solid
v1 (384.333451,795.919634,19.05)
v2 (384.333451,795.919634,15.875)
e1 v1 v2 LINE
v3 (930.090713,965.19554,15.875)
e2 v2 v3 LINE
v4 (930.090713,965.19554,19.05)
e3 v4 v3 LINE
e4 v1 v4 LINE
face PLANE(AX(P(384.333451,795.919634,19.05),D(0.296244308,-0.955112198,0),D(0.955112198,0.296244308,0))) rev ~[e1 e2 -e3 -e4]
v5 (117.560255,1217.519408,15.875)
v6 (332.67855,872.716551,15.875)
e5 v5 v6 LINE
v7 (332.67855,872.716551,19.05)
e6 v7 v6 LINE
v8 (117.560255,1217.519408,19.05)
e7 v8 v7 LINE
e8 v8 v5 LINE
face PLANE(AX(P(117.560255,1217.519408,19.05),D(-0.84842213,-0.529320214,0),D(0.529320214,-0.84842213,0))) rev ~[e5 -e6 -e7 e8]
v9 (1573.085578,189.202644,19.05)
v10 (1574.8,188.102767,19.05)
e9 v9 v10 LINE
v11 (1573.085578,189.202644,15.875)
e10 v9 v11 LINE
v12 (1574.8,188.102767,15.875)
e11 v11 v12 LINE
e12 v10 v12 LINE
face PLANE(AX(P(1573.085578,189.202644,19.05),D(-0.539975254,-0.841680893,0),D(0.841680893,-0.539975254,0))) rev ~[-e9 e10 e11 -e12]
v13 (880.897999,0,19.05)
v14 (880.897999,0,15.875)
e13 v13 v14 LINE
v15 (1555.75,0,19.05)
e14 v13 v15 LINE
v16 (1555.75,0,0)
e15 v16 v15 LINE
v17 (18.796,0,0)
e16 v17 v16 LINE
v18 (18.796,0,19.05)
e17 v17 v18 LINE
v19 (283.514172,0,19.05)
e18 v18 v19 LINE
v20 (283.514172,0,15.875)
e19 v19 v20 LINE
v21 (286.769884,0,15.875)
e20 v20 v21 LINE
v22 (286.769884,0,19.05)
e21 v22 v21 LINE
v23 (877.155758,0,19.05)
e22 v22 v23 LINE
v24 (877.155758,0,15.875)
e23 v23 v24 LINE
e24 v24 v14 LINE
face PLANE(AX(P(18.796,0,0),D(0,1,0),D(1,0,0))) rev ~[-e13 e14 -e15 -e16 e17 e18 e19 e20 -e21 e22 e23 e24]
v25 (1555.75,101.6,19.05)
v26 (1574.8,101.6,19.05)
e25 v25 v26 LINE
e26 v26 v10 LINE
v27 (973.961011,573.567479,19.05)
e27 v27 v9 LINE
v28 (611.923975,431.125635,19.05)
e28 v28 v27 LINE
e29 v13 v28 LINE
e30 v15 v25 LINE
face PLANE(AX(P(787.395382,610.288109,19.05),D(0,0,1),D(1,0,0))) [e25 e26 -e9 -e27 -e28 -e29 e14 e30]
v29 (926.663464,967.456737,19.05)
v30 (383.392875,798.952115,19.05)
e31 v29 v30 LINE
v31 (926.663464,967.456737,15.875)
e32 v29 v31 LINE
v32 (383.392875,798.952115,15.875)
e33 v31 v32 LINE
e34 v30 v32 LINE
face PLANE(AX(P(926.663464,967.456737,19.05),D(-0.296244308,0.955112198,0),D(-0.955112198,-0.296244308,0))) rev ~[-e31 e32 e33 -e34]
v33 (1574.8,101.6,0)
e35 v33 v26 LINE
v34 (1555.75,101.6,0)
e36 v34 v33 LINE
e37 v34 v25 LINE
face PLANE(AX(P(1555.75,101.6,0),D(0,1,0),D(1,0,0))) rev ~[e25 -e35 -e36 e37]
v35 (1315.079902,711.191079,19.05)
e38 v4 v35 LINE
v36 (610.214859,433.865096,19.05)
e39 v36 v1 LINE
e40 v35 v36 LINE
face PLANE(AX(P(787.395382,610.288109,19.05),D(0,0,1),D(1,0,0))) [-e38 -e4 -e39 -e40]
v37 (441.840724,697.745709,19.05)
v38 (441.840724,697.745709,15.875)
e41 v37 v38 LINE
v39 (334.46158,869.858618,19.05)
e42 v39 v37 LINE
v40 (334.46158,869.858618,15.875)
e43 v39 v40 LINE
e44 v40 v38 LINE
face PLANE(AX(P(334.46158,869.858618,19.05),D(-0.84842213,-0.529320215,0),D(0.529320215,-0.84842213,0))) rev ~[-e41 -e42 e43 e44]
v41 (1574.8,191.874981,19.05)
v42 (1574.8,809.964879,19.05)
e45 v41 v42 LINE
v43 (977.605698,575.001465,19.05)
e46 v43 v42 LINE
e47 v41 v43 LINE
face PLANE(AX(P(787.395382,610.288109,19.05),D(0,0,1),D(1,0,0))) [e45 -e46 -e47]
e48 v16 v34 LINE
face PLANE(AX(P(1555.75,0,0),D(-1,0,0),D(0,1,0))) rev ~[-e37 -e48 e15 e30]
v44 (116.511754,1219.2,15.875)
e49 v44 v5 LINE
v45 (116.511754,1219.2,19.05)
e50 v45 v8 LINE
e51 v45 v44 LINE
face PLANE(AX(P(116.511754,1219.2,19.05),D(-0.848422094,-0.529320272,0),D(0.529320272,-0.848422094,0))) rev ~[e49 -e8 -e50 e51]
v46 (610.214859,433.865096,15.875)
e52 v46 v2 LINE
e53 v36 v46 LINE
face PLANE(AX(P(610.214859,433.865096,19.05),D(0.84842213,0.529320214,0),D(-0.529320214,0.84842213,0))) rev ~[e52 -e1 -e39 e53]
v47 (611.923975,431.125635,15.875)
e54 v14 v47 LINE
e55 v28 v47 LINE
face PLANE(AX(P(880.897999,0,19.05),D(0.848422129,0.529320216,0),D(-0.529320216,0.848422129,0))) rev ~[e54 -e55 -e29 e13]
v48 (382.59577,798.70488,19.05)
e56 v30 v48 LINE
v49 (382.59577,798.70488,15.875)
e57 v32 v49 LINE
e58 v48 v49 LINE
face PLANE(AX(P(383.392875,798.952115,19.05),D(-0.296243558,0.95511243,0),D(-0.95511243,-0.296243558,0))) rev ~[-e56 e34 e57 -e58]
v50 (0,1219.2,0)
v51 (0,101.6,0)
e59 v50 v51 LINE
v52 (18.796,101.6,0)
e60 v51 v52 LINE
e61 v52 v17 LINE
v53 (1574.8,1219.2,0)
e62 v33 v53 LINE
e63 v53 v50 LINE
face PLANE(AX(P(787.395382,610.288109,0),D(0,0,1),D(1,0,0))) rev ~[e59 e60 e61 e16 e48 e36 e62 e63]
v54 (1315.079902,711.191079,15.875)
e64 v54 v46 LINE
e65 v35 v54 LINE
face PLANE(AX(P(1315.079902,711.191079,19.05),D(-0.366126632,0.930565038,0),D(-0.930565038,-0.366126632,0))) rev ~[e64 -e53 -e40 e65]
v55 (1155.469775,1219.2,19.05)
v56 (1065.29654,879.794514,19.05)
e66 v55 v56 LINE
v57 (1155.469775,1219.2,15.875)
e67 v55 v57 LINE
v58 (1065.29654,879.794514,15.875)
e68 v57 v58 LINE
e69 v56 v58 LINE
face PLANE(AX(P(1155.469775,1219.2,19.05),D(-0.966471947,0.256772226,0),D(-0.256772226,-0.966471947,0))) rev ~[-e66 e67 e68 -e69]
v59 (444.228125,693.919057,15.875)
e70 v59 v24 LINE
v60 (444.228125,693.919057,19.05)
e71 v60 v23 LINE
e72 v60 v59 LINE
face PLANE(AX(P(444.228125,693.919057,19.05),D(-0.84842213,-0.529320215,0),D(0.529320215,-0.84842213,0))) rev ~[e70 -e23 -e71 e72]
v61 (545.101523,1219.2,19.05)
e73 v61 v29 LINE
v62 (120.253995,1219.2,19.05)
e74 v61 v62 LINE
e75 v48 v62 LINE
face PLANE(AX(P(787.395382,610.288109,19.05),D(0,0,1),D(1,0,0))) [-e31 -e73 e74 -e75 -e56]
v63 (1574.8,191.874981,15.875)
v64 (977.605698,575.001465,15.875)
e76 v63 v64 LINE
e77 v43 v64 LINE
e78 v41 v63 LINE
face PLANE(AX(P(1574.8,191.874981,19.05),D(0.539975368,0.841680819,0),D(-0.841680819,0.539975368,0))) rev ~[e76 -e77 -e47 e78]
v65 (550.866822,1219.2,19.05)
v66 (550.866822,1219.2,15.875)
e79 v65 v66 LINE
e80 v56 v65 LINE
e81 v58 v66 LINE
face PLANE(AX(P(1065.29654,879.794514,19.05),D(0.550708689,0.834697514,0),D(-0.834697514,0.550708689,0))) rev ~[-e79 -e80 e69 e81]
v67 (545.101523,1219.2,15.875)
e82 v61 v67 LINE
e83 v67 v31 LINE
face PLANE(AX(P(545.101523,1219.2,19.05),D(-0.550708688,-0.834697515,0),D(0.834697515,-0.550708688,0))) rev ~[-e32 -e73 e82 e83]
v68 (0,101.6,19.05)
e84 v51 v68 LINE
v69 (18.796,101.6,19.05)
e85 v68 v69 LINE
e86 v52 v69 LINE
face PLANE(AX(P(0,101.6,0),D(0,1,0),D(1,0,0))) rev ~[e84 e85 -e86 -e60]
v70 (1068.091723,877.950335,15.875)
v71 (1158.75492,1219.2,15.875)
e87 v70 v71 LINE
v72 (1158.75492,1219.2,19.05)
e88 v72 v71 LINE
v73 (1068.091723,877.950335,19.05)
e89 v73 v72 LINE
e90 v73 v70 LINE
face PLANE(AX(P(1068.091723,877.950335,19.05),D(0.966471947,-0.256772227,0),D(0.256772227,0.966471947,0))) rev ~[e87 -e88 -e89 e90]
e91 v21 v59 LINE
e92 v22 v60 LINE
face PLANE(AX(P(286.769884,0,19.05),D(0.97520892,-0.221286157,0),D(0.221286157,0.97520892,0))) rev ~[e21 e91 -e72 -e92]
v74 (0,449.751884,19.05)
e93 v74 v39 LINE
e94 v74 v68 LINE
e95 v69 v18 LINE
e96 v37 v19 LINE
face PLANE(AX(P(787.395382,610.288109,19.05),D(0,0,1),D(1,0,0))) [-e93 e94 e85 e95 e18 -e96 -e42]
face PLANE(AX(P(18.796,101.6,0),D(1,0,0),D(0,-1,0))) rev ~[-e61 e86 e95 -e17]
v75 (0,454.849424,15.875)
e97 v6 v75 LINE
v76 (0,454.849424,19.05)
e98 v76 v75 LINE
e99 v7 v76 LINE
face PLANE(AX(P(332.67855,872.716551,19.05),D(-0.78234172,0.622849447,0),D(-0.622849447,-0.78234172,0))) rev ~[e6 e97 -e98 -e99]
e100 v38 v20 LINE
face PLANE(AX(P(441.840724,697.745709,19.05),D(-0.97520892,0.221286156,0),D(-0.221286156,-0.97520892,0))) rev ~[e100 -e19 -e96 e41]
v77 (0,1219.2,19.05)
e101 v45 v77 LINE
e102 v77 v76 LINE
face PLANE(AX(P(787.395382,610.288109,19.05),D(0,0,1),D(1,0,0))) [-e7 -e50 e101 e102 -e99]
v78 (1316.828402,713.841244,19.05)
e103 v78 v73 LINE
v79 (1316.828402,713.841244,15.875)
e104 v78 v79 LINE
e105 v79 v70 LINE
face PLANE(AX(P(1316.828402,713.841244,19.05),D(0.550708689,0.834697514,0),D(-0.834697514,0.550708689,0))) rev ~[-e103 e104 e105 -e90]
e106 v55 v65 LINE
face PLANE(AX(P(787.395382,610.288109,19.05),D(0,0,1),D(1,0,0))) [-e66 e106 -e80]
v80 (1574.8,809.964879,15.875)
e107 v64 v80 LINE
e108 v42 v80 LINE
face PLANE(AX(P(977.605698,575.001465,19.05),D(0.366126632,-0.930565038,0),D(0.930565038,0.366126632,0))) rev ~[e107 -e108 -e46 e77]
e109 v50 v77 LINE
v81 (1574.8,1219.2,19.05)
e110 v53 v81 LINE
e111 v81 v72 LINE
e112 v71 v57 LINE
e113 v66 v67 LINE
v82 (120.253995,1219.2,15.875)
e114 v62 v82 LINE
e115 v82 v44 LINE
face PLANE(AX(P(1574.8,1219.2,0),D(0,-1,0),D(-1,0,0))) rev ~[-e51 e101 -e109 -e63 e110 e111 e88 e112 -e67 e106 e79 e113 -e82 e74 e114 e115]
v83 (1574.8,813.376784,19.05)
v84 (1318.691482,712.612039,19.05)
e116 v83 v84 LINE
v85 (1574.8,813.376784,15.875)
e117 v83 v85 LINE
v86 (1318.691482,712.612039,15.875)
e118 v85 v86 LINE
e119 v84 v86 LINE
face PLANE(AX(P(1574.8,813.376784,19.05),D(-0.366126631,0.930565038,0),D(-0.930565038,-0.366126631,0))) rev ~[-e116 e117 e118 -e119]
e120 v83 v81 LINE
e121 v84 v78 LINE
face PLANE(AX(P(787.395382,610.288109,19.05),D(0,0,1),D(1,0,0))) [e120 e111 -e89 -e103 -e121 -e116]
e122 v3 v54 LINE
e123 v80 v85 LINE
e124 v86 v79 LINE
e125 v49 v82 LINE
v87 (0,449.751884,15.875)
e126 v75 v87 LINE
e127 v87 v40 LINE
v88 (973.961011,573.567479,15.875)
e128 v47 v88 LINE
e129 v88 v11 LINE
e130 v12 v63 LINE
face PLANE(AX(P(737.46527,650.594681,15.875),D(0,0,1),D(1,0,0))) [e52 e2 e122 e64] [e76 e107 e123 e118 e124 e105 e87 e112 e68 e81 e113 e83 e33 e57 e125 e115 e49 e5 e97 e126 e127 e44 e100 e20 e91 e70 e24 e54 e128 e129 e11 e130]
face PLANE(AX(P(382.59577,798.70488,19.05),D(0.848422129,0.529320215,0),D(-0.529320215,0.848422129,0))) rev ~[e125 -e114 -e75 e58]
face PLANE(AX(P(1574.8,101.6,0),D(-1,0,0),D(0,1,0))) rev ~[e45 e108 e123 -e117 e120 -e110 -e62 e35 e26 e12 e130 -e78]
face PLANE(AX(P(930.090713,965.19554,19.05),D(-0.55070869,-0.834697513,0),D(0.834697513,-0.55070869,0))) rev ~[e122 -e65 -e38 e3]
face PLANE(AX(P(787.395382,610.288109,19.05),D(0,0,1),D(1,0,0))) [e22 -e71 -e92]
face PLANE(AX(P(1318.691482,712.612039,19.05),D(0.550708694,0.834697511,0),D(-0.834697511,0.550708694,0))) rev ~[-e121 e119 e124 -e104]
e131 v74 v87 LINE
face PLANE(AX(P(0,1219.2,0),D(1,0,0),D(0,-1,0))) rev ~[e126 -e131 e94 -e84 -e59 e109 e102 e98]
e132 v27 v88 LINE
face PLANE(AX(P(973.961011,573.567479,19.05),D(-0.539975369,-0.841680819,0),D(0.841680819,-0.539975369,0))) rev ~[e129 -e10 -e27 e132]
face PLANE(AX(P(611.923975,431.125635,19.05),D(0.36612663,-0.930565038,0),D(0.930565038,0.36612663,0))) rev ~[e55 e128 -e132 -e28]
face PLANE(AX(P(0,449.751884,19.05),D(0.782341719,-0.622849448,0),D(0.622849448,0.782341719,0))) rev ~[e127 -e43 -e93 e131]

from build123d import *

# Parameters (mm, degrees)
F1_DEPTH = 19.05
F3_DEPTH = 3.175


with BuildPart() as f1:
    # F0 (on Top) → F1 (new body)
    with BuildSketch(Plane.XY):
        Polygon((18.796, 101.6), (18.796, 0), (1555.75, 0), (1555.75, 101.6), (1574.8, 101.6), (1574.8, 1219.2), (0, 1219.2), (0, 101.6), align=None)
    extrude(amount=F1_DEPTH)

    # F2 (on face) → F3 (cut)
    with BuildSketch(Plane.XY.offset(19.05)):
        Polygon((382.59577, 798.70488), (120.253995, 1219.2), (116.511754, 1219.2), (117.560255, 1217.519408), (332.67855, 872.716551), (0, 454.849424), (0, 449.751884), (334.46158, 869.858618), (441.840724, 697.745709), (283.514172, 0), (286.769884, 0), (444.228125, 693.919057), (877.155758, 0), (880.897999, 0), (611.923975, 431.125635), (973.961011, 573.567479), (1573.085578, 189.202644), (1574.8, 188.102767), (1574.8, 191.874981), (977.605698, 575.001465), (1574.8, 809.964879), (1574.8, 813.376784), (1318.691482, 712.612039), (1316.828402, 713.841244), (1068.091723, 877.950335), (1158.75492, 1219.2), (1155.469775, 1219.2), (1065.29654, 879.794514), (550.866822, 1219.2), (545.101523, 1219.2), (926.663464, 967.456737), (383.392875, 798.952115), align=None)
        Polygon((1315.079902, 711.191079), (610.214859, 433.865096), (384.333451, 795.919634), (930.090713, 965.19554), align=None, mode=Mode.SUBTRACT)
    extrude(amount=-F3_DEPTH, mode=Mode.SUBTRACT)


solid = f1.part
